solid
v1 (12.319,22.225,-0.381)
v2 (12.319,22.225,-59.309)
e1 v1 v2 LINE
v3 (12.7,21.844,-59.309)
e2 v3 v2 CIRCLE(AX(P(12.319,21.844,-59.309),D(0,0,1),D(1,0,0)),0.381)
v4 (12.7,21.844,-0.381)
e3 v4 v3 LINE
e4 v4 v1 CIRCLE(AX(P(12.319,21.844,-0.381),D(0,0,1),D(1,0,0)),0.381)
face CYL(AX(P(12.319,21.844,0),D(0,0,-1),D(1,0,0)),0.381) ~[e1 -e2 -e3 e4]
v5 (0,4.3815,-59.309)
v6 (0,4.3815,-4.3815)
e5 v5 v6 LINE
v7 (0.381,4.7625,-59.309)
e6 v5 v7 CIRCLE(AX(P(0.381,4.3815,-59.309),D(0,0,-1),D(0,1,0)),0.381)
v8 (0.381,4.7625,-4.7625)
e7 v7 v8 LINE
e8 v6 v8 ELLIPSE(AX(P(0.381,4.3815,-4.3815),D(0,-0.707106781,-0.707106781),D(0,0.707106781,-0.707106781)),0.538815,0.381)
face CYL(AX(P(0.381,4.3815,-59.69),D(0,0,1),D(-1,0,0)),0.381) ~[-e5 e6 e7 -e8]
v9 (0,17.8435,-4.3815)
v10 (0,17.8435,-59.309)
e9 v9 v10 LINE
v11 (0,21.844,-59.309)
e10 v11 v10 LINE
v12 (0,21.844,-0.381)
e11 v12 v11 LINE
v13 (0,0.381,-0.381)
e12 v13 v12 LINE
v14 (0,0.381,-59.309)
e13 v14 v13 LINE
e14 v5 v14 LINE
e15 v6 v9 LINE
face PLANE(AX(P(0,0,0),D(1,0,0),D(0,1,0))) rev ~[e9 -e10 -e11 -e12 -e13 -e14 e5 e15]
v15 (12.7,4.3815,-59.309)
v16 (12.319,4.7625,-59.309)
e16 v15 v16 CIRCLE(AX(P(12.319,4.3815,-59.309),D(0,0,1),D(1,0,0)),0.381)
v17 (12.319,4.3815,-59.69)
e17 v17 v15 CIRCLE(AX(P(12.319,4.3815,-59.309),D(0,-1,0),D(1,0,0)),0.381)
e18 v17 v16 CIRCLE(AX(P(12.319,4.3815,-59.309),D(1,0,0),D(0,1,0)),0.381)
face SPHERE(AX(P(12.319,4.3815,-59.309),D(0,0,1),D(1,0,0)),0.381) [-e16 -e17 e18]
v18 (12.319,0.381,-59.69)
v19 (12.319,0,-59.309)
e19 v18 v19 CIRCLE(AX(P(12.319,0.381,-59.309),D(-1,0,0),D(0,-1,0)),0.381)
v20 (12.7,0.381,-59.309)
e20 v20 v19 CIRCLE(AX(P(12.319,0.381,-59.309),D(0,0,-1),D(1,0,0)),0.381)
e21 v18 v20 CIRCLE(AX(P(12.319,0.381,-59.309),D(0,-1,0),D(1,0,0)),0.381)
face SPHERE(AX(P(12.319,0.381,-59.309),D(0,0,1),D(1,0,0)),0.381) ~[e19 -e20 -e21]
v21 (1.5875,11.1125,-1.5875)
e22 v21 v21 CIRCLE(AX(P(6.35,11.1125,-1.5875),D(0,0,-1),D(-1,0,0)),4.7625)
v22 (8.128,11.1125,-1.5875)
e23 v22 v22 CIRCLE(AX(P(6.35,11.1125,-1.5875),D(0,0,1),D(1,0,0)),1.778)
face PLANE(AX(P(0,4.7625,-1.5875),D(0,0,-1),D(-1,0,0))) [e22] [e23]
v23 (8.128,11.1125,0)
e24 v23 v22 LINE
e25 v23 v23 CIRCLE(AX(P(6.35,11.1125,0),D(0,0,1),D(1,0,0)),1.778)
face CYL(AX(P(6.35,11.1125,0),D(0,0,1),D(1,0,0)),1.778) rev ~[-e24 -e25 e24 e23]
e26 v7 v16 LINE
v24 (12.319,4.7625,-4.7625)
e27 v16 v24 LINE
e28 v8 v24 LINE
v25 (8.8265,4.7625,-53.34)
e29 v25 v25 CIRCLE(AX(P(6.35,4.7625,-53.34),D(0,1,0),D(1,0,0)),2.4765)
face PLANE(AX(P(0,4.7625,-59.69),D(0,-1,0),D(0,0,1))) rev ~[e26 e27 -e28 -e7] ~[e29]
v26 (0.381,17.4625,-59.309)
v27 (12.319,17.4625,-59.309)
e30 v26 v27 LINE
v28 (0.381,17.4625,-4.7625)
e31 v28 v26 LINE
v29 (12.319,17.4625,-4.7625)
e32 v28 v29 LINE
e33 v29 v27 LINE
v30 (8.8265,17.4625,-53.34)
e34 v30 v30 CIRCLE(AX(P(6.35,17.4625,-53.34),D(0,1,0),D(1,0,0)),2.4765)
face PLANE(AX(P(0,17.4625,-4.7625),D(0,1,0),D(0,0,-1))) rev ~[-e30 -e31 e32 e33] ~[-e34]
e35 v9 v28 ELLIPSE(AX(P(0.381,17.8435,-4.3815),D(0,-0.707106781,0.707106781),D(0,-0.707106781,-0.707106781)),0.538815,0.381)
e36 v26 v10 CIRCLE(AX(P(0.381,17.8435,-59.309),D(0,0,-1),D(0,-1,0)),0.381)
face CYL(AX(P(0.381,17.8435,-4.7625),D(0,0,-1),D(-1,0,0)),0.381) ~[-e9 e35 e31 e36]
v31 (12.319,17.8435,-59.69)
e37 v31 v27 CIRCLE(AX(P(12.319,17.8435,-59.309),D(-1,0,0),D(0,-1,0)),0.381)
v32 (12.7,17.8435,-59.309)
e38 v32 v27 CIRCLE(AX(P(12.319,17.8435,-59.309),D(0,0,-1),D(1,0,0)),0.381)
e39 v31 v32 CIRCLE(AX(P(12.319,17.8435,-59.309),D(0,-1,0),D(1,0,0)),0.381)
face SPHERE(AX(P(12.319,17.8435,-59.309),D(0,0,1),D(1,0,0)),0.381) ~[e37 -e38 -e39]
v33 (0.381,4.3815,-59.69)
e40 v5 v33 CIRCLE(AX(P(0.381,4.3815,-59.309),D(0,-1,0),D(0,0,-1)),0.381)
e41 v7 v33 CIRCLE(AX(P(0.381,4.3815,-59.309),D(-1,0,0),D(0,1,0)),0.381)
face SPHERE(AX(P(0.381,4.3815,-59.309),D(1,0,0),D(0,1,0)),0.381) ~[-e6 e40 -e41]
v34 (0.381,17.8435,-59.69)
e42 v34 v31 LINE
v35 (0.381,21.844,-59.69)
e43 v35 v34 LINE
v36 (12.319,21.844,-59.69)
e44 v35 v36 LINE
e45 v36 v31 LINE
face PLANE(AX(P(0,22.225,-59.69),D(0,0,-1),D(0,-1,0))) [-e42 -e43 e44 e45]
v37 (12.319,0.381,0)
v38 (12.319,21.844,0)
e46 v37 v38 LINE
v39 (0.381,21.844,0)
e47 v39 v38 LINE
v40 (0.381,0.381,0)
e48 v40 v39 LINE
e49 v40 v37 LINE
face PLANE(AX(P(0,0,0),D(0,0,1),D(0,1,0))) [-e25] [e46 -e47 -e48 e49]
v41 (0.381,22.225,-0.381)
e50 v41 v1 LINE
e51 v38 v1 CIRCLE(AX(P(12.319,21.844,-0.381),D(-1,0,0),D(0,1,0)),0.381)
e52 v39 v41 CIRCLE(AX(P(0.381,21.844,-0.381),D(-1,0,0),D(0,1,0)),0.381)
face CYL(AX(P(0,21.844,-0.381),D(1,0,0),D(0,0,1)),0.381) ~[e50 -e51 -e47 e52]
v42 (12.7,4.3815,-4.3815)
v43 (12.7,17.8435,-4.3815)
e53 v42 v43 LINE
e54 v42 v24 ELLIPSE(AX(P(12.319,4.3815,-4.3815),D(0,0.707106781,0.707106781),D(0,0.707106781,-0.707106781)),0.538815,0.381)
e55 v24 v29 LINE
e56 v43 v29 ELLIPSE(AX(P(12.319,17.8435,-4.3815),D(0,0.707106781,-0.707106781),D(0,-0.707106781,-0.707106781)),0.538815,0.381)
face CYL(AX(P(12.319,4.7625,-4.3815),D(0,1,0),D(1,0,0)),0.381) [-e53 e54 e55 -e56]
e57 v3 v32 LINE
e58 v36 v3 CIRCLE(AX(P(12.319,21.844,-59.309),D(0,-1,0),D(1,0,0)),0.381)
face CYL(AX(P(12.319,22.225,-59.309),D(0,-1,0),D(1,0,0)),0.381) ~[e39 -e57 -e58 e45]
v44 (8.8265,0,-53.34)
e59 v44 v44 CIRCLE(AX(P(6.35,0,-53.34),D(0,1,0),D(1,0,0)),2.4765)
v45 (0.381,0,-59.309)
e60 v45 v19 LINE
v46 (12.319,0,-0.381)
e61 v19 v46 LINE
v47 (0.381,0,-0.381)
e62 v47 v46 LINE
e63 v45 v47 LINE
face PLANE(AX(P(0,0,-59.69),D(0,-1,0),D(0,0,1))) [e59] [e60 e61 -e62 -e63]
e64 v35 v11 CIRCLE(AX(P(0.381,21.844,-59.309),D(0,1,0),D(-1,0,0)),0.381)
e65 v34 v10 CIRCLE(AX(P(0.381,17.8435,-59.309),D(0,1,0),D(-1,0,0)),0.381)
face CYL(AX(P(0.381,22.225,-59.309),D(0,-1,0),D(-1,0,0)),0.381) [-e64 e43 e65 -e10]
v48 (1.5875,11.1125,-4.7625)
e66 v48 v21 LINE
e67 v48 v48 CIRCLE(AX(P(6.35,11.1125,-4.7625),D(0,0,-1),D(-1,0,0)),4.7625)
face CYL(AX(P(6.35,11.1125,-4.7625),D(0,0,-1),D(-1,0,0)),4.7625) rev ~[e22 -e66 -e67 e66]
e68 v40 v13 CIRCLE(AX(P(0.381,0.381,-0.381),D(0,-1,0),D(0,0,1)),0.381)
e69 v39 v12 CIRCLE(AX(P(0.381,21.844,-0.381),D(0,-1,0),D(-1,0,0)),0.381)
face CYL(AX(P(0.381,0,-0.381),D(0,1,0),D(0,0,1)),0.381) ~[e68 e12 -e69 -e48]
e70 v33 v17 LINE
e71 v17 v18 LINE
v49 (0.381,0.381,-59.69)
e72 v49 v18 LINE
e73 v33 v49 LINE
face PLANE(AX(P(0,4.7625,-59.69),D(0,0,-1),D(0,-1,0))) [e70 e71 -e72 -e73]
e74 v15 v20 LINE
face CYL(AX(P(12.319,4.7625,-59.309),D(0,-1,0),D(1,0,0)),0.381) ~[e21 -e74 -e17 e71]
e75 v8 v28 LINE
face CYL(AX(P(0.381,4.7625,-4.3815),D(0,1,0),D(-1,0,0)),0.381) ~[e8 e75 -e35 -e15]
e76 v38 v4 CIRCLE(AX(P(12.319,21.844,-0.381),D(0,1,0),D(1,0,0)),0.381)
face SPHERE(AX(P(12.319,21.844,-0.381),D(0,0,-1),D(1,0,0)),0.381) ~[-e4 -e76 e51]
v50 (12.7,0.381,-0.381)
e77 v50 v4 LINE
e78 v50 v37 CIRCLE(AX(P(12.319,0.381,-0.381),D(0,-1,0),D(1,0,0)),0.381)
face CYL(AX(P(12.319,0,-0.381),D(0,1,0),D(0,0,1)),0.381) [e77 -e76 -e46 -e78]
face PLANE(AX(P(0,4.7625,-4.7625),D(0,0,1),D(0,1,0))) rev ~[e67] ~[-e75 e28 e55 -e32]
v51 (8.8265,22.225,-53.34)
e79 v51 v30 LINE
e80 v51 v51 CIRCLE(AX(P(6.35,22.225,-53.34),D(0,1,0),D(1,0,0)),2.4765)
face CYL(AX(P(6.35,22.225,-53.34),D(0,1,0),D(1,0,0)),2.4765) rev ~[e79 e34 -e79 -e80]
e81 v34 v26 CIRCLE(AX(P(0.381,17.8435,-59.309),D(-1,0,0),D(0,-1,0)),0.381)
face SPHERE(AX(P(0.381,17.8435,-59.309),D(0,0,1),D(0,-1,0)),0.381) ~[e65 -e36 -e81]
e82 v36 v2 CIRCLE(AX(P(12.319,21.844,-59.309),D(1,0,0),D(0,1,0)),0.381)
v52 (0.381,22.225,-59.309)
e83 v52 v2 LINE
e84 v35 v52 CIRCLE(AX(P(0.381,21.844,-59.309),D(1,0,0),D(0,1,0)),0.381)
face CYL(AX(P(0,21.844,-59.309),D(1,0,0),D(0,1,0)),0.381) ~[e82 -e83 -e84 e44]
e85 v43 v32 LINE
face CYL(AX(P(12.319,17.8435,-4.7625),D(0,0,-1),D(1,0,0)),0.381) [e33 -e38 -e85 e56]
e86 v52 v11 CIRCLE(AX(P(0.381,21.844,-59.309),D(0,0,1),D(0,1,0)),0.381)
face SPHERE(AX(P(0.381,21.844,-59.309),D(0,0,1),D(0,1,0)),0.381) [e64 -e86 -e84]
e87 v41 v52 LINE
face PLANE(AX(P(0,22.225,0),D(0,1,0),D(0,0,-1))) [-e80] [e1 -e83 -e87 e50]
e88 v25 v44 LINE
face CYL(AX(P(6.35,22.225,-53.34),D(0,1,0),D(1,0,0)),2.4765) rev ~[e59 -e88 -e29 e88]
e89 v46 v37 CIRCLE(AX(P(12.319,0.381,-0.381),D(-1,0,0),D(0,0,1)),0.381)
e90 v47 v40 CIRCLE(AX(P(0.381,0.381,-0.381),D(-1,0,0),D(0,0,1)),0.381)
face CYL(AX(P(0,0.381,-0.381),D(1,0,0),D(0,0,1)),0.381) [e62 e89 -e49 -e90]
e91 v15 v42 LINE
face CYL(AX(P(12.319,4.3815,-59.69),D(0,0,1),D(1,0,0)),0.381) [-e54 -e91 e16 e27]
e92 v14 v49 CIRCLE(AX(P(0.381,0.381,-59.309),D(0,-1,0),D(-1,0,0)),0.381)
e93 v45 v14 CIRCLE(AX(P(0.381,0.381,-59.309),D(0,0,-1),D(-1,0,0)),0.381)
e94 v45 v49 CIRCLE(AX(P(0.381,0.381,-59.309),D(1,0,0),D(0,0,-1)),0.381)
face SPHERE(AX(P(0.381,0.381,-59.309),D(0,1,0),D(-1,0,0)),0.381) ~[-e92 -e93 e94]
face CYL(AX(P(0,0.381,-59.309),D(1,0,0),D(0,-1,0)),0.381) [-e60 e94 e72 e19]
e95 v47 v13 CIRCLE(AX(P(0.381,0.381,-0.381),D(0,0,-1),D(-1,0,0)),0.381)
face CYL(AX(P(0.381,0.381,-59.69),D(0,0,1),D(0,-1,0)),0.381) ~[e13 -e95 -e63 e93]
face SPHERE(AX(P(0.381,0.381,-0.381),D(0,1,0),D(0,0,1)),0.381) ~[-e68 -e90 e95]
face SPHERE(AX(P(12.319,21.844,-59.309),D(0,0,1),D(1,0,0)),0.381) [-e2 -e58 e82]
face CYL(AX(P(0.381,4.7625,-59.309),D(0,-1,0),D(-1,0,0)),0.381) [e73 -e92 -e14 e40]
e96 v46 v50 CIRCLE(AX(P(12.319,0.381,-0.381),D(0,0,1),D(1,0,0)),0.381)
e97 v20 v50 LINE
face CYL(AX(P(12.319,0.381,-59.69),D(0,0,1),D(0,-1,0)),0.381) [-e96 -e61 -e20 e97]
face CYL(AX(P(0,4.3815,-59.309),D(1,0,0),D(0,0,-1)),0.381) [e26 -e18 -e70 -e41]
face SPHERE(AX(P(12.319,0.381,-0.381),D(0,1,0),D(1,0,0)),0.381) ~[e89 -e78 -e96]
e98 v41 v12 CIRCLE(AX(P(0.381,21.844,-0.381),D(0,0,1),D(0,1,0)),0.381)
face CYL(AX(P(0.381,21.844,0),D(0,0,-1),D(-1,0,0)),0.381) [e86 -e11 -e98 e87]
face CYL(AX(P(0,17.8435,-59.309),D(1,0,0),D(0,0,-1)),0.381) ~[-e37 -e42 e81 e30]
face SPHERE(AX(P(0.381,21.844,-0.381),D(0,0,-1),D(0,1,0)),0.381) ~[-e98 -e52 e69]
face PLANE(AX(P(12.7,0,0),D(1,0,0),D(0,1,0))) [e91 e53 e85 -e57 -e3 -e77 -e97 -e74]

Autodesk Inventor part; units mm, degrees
ref_plane "YZ Plane" through (0, 0, 0) normal (1, 0, 0) x (0, 1, 0)
ref_plane "XZ Plane" through (0, 0, 0) normal (0, 1, 0) x (-1, 0, 0)
ref_plane "XY Plane" through (0, 0, 0) normal (0, 0, 1) x (1, 0, 0)
sketch "Sketch1" plane through (0, 0, 0) normal (1, 0, 0) x (0, 1, 0)
  line L0 (0, 0) -> (22.225, 0)
  line L1 (22.225, 0) -> (22.225, -59.69)
  line L2 (0, -59.69) -> (0, 0)
  line L3 (4.7625, -59.69) -> (5.9323, -59.69)
  line L4 (4.7625, -59.69) -> (4.7625, -4.7625)
  line L5 (4.7625, -4.7625) -> (17.4625, -4.7625)
  line L6 (17.4625, -4.7625) -> (17.4625, -59.69)
  line L7 (22.225, -59.69) -> (17.4625, -59.69)
  line L8 (4.7625, -59.69) -> (0, -59.69)
  dimension "d1" = 59.69
  dimension "d4" = 12.7
  dimension "d6" = 4.7625
  dimension "d15" = 59.69
  dimension "d22" = 4.7625
  dimension "d24" = 4.7625
extrude "Extrusion1" add sketch "Sketch1" along normal blind 12.7
sketch "Sketch2" plane through (0, 22.225, 0) normal (0, 1, 0) x (1, 0, 0)
  circle A0 centre (6.35, 53.34) radius 2.4765
  line L0 (0, 0) -> (0, 59.69) projected
  line L1 (0, 0) -> (12.7, 0) projected
  line L2 (12.7, 59.69) -> (12.7, 0) projected
  line L3 (0, 59.69) -> (12.7, 59.69) projected
  point P0 (0, 0)
  dimension "d9" = 4.953
  dimension "d10" = 12.7
  dimension "d11" = 6.35
  dimension "d16" = 6.35
extrude "Extrusion2" cut sketch "Sketch2" against normal blind 25.4 contours A0
sketch "Sketch3" plane through (0, 4.7625, -4.7625) normal (0, 0, -1) x (-1, 0, 0)
  line L0 (0, 12.7) -> (0, 0) projected
  line L1 (0, 12.7) -> (-12.7, 12.7) projected
  line L2 (-12.7, 0) -> (-12.7, 12.7) projected
  line L3 (0, 0) -> (-12.7, 0) projected
  line L4 (0, 0) -> (-12.7, 0) projected
  line L5 (0, 0) -> (0, -4.7625) projected
  line L6 (0, 0) -> (-12.7, 0) projected
  line L7 (-12.7, -4.7625) -> (-12.7, 0) projected
  line L8 (0, -4.7625) -> (-12.7, -4.7625) projected
  circle A0 centre (-6.35, 6.35) radius 4.7625
  point P0 (0, -4.7625)
  dimension "d17" = 9.525
  dimension "d18" = 6.35
  dimension "d19" = 6.35
  dimension "d23" = 12.7
extrude "Extrusion3" cut sketch "Sketch3" against normal blind 3.175 contours A0
sketch "Sketch4" plane through (0, 0, 0) normal (0, 0, 1) x (1, 0, 0)
  line L0 (0, 0) -> (0, 22.225) projected
  line L1 (0, 0) -> (12.7, 0) projected
  line L2 (12.7, 22.225) -> (12.7, 0) projected
  line L3 (0, 22.225) -> (12.7, 22.225) projected
  circle A0 centre (6.35, 11.1125) radius 1.778
  dimension "d25" = 3.556
extrude "Extrusion4" cut sketch "Sketch4" against normal blind 25.4 contours A0
fillet "Fillet2" radius 0.381 22 edges at (12.7, 22.225, -29.845) (12.7, 17.4625, -32.2263) (0, 22.225, -29.845) (12.7, 11.1125, 0) (12.7, 11.1125, -4.7625) (12.7, 4.7625, -32.2263) (12.7, 0, -29.845) (12.7, 19.8438, -59.69) (12.7, 2.3813, -59.69) (6.35, 22.225, 0) (0, 11.1125, 0) (6.35, 0, 0) (6.35, 22.225, -59.69) (6.35, 4.7625, -59.69) (0, 17.4625, -32.2263) (0, 11.1125, -4.7625) (0, 4.7625, -32.2263) (6.35, 17.4625, -59.69) (0, 19.8438, -59.69) (0, 2.3813, -59.69) (0, 0, -29.845) (6.35, 0, -59.69)
equation "\"d15\" = d1"
equation "\"d11\" = 0.5 * d10"
equation "\"d16\" = d11"
equation "\"d18\" = 0.5 * d23"
properties part number "TensionerAxleHolder"
